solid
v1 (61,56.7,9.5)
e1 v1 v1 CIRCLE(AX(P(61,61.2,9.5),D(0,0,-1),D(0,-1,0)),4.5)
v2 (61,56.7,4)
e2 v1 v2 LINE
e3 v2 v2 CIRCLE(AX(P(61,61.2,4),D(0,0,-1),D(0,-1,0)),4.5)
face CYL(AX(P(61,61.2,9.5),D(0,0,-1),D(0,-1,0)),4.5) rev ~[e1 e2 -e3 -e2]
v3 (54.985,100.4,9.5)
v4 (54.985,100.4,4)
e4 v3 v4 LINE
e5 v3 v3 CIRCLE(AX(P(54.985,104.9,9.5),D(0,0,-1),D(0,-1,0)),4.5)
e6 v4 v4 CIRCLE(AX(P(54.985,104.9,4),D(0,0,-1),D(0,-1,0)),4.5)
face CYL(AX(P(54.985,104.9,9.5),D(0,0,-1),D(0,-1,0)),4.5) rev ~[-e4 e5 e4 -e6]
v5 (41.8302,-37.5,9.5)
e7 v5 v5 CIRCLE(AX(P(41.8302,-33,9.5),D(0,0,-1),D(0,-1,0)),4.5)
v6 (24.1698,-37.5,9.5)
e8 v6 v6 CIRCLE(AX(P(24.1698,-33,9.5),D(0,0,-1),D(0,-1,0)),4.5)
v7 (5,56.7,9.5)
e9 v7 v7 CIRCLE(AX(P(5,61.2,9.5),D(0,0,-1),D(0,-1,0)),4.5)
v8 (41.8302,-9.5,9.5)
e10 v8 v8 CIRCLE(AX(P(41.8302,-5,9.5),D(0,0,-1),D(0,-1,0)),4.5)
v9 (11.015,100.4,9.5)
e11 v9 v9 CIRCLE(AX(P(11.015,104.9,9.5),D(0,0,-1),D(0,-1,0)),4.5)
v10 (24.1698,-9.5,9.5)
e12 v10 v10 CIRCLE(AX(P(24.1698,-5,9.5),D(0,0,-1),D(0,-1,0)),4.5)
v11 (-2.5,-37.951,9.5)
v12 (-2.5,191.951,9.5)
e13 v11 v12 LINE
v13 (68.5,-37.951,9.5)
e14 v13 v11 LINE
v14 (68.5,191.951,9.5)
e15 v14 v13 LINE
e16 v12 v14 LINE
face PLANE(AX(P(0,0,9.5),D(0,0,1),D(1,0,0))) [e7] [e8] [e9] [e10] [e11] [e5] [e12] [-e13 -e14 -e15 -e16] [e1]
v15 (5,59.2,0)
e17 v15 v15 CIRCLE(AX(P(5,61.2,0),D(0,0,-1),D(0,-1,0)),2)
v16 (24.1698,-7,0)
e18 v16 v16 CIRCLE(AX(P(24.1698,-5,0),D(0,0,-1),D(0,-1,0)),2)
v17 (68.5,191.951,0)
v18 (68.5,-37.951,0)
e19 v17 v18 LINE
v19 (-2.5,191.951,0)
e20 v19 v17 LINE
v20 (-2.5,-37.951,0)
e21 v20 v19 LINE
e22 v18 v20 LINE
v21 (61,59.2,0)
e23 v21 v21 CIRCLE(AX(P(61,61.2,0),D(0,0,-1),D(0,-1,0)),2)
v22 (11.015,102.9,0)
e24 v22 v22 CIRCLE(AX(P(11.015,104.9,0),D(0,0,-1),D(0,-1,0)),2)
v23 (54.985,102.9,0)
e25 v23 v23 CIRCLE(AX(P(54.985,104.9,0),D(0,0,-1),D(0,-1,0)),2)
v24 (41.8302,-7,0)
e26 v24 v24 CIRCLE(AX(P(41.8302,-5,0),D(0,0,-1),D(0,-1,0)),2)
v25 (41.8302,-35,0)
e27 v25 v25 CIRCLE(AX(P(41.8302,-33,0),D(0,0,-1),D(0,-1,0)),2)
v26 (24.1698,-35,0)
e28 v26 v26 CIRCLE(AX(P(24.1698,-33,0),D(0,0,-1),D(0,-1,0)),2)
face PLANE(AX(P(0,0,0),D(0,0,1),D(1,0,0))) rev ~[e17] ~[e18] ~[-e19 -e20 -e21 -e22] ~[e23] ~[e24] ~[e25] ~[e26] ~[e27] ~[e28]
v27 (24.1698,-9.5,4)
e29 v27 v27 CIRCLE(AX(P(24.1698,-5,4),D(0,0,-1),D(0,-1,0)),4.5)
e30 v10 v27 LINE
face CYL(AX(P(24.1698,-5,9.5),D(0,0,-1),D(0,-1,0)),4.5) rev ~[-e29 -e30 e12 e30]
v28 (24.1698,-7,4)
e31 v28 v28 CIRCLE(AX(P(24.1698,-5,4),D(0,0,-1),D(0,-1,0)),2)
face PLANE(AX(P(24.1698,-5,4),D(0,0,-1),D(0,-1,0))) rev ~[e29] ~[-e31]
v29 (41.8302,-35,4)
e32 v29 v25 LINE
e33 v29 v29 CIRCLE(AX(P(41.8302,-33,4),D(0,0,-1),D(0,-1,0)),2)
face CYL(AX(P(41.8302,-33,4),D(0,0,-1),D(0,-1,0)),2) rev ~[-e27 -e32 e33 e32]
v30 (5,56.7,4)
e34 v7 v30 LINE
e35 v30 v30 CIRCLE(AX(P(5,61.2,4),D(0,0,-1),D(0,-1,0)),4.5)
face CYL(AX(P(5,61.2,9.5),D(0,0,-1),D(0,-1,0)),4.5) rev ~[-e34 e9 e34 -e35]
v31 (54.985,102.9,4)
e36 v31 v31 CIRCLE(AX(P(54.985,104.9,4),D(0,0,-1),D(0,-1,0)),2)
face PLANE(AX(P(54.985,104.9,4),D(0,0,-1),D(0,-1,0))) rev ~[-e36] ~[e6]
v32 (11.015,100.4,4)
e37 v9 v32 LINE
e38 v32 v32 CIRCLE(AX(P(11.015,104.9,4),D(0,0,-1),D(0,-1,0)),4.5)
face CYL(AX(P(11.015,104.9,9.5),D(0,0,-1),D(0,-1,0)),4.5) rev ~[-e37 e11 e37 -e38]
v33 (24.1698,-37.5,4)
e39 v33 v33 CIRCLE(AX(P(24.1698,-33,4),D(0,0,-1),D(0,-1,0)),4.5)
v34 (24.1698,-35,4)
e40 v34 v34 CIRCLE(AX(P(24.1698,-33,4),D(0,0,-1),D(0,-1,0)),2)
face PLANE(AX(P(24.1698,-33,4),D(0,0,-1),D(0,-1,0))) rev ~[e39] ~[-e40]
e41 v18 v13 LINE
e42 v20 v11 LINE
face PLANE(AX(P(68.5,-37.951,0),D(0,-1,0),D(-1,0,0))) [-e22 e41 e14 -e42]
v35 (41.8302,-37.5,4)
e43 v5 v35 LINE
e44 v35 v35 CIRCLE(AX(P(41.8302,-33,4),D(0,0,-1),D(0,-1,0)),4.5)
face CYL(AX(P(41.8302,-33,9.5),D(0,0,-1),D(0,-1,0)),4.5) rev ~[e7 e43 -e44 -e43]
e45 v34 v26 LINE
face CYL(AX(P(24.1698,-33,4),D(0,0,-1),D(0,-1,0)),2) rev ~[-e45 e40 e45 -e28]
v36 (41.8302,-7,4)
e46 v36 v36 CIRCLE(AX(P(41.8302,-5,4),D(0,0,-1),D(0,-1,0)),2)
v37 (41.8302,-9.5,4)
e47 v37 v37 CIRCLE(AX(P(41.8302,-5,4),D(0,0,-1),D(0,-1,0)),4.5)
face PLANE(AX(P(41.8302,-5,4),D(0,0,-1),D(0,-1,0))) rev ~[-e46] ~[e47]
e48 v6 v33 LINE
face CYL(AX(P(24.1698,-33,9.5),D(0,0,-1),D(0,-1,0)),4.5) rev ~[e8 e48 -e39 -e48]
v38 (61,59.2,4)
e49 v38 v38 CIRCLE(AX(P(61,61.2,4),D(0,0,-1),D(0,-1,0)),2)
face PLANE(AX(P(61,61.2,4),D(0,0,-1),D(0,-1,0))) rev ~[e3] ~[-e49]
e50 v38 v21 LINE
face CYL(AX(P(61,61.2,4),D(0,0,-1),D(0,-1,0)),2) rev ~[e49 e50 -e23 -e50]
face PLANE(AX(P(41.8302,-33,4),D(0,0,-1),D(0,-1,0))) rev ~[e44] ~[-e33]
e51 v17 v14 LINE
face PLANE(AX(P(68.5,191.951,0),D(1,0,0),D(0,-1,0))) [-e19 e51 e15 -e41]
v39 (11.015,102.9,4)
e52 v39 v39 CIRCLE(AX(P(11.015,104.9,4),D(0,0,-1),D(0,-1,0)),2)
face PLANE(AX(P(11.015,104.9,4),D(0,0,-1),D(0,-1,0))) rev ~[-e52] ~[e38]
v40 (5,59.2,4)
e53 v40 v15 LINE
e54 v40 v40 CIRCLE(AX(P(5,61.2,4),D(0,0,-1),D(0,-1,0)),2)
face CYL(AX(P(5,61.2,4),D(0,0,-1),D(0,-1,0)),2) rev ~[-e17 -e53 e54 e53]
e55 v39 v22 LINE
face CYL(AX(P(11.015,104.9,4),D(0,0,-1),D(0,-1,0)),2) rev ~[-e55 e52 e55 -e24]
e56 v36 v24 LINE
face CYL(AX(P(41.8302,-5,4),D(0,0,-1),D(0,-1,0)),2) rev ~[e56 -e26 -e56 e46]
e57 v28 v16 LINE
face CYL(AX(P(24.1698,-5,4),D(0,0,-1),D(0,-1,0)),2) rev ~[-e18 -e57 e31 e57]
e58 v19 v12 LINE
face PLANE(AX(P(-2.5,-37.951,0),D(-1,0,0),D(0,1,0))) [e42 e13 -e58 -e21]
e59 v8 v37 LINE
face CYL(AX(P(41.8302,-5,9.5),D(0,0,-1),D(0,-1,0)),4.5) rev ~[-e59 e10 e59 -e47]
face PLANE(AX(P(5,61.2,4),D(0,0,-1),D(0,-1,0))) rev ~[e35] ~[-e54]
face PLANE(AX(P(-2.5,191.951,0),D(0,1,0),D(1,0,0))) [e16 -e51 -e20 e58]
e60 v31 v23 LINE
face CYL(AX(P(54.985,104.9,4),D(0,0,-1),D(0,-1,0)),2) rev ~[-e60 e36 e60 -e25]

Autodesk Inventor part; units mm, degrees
ref_plane "YZ Plane" through (0, 0, 0) normal (1, 0, 0) x (0, 1, 0)
ref_plane "XZ Plane" through (0, 0, 0) normal (0, 1, 0) x (-1, 0, 0)
ref_plane "XY Plane" through (0, 0, 0) normal (0, 0, 1) x (1, 0, 0)
sketch "Esboço2" plane through (0, 0, 0) normal (0, 0, 1) x (1, 0, 0)
  line L0 (-1.4393, 191.951) -> (-2.5, 191.951) construction
  line L1 (-2.5, 191.951) -> (-2.5, 190.8903) construction
  line L2 (67.4393, -37.951) -> (68.5, -37.951) construction
  line L3 (68.5, -37.951) -> (68.5, -36.8903) construction
  line L4 (-2.5, 191.951) -> (68.5, 191.951)
  line L5 (68.5, 191.951) -> (68.5, -37.951)
  line L6 (68.5, -37.951) -> (-2.5, -37.951)
  line L7 (-2.5, -37.951) -> (-2.5, 191.951)
  point P0 (0, 0)
  dimension "d14" = 71
extrude "Extrusão2" add sketch "Esboço2" along normal blind 9.5
sketch "Esboço3" plane through (0, 0, 9.5) normal (0, 0, 1) x (1, 0, 0)
  point P0 (0, 0)
  point P1 (41.8302, -5)
  point P2 (24.1698, -5)
  point P3 (41.8302, -33)
  point P4 (24.1698, -33)
  point P5 (54.985, 104.9)
  point P6 (11.015, 104.9)
  point P7 (5, 61.2)
  point P8 (61, 61.2)
hole "Furo1" at (11.015, 104.9, 9.5) at (54.985, 104.9, 9.5) at (5, 61.2, 9.5) at (61, 61.2, 9.5) at (24.1698, -5, 9.5) at (41.8302, -5, 9.5) at (24.1698, -33, 9.5) at (41.8302, -33, 9.5) direction (0, 0, -1) diameter 4 end through all counterbore diameter 9 counterbore depth 5.5
properties part number "suporte_cabeça_superior"
